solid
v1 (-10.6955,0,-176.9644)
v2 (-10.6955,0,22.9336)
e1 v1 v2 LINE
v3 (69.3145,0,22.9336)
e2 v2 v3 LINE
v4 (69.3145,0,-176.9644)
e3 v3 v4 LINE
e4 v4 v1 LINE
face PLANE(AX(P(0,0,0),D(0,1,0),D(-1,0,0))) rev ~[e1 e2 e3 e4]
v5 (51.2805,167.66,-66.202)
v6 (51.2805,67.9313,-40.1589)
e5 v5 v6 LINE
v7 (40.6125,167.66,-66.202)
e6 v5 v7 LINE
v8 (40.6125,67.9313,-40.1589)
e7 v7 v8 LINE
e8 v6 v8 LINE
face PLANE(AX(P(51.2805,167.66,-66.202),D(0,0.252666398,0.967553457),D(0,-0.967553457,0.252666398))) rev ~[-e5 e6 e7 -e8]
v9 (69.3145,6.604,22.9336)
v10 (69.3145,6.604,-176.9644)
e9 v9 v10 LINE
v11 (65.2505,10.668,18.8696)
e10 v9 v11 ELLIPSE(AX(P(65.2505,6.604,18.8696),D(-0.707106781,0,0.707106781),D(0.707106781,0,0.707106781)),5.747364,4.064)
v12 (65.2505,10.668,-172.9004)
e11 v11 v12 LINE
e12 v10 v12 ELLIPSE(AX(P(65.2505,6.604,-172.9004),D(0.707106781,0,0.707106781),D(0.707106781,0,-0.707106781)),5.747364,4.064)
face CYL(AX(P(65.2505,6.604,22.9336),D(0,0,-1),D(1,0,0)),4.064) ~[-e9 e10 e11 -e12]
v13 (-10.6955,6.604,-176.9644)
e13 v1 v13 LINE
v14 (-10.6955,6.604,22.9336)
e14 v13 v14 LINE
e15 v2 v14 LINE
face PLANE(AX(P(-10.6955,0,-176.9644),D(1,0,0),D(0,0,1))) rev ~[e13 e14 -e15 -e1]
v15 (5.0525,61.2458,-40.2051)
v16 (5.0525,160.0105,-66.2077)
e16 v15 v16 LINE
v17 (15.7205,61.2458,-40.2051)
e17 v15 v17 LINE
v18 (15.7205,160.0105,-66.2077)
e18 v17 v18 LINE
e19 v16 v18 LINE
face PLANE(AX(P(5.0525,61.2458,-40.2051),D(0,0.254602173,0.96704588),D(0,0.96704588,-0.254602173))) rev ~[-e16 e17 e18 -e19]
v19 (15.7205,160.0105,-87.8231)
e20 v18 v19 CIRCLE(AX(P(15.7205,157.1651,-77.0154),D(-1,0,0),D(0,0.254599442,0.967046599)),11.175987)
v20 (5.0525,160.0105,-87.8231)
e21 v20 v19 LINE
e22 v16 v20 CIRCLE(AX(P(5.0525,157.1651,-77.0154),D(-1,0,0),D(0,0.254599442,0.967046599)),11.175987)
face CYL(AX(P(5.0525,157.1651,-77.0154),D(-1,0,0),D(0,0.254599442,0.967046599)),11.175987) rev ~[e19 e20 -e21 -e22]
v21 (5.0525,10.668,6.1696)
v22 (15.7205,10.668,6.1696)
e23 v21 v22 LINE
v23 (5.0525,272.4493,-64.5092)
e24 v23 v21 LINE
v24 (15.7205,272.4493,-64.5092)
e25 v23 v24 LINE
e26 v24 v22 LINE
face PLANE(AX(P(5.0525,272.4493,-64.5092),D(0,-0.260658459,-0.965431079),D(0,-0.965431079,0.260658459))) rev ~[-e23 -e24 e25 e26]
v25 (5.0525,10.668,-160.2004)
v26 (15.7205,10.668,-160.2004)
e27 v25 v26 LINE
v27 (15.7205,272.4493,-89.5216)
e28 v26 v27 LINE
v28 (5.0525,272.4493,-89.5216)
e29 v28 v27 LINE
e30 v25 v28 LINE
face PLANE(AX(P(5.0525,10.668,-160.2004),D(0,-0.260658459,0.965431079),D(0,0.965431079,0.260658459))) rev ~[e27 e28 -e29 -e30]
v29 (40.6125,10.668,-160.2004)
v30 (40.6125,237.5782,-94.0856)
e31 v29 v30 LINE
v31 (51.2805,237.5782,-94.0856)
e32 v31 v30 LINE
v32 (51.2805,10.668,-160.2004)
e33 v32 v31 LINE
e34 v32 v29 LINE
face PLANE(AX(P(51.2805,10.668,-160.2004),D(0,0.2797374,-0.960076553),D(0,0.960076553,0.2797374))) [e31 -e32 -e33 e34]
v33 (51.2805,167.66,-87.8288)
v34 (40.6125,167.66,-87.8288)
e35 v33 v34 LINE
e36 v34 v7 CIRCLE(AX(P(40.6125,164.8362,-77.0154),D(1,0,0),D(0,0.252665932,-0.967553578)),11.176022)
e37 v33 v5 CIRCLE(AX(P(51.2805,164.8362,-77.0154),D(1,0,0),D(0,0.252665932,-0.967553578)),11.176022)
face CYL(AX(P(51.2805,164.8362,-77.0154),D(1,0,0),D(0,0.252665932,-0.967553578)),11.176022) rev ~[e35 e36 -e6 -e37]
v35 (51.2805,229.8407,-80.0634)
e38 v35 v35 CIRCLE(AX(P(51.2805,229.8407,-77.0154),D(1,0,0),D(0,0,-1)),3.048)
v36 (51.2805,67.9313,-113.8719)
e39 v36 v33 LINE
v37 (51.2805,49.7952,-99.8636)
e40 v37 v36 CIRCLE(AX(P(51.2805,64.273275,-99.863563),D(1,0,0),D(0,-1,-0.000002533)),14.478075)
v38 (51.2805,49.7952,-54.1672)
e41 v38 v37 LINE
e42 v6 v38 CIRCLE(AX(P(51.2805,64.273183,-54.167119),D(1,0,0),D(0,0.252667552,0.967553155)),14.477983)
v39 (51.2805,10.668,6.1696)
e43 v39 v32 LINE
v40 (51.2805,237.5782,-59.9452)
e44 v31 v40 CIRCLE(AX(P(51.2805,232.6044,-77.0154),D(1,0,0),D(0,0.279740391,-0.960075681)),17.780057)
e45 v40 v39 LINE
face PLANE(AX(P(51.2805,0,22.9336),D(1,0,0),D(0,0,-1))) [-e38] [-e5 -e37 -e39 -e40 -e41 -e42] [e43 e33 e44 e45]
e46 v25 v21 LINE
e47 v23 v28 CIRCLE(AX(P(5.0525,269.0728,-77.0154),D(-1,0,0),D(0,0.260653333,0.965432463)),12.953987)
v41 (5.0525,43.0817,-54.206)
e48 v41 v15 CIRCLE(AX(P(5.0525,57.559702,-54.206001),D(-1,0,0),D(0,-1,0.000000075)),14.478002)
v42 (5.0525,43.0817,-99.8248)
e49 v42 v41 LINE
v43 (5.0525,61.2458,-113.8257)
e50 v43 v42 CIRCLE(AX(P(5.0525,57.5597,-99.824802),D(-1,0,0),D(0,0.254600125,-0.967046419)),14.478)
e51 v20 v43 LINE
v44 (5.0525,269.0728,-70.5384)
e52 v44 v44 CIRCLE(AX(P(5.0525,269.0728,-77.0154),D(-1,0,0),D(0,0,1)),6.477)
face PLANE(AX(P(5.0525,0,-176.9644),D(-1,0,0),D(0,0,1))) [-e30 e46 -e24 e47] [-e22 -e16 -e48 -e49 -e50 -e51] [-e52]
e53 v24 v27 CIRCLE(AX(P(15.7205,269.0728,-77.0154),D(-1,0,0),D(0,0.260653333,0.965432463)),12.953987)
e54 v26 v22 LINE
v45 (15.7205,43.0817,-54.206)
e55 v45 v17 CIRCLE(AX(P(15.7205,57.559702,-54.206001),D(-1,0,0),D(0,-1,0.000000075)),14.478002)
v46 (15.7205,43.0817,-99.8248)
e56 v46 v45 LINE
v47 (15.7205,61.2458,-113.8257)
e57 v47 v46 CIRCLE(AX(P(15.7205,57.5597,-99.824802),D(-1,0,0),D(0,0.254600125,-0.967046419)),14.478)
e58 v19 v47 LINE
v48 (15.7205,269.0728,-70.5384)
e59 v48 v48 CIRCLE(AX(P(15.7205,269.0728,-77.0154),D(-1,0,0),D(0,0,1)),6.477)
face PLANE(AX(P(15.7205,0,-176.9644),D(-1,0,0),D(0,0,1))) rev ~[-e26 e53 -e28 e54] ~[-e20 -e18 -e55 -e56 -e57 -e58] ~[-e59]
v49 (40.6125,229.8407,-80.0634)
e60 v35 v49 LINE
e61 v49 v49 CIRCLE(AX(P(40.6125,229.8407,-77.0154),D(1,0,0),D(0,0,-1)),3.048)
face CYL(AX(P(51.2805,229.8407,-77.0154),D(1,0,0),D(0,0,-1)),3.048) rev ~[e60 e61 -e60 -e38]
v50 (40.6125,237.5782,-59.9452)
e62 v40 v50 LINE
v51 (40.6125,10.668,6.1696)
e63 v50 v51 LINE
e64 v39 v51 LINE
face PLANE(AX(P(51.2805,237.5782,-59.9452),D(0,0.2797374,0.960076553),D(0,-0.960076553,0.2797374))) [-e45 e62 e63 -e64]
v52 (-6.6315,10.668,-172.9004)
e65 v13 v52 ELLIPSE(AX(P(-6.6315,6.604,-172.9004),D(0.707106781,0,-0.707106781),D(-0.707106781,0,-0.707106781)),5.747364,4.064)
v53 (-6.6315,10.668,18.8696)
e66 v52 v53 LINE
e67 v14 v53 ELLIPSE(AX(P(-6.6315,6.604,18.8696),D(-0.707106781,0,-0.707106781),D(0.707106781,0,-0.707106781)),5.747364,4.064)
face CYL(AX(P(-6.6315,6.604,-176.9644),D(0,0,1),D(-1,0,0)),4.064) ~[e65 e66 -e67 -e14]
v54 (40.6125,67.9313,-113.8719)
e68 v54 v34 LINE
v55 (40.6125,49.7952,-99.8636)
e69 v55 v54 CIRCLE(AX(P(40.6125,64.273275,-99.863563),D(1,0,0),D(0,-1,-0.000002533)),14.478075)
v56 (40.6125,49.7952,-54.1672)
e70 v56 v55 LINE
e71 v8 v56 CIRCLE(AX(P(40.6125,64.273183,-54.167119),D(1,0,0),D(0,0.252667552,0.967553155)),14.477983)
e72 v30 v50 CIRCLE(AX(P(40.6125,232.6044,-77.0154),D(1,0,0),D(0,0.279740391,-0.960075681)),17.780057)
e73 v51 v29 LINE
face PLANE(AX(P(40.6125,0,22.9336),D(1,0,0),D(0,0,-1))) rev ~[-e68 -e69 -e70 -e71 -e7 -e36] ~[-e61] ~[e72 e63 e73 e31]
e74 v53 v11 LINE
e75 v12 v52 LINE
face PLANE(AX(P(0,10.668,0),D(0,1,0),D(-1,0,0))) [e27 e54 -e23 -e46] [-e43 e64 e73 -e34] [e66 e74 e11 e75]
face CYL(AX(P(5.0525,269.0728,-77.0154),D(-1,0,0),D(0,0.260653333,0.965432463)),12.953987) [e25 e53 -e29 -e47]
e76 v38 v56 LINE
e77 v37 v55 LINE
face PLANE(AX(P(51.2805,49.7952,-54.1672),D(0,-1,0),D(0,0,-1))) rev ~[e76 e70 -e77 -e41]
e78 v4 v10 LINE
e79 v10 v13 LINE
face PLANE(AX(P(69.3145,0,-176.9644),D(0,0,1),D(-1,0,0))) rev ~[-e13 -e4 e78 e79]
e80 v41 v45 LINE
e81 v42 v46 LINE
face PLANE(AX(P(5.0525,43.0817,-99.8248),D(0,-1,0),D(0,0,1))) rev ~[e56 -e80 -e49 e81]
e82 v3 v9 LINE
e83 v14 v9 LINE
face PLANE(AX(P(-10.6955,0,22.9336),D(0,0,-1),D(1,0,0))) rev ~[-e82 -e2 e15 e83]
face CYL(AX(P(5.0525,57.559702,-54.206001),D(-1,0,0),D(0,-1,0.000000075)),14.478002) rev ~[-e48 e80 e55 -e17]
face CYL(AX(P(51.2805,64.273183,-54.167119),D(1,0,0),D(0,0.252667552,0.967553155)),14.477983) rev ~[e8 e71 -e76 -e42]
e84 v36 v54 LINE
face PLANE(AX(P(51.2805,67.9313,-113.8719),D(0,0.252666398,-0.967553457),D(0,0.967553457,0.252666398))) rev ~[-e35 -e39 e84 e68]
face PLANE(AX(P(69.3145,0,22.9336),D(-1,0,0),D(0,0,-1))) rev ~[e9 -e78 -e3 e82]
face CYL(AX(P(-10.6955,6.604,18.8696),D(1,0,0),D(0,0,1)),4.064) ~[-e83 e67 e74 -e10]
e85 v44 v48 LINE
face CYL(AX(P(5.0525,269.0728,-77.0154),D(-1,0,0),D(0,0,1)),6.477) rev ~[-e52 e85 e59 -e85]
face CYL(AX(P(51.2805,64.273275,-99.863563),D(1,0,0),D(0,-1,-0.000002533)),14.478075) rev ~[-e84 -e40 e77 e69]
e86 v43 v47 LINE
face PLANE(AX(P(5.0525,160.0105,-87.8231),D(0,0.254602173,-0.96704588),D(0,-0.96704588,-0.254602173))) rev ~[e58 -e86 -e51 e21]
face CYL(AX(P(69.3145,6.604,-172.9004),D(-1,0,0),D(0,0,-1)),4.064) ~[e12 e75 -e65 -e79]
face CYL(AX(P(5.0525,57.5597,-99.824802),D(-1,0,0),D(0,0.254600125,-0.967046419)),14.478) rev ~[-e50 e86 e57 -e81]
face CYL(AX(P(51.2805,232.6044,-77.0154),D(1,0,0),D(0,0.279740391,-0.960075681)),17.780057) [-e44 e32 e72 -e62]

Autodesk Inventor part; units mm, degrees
ref_plane "YZ Plane" through (0, 0, 0) normal (1, 0, 0) x (0, 1, 0)
sketch "Sketch1" plane through (0, 0, 0) normal (0, 1, 0) x (-1, 0, 0)
  line L0 (10.6955, 22.9336) -> (-69.3145, 22.9336)
  line L1 (-69.3145, 22.9336) -> (-69.3145, -176.9644)
  line L2 (-69.3145, -176.9644) -> (10.6955, -176.9644)
  line L3 (10.6955, -176.9644) -> (10.6955, 22.9336)
  point P0 (0, 0)
  dimension "d0" = 80.01
  dimension "d1" = 199.898
extrude "Extrusion1" add sketch "Sketch1" along normal blind 10.668
fillet "Fillet1" radius 4.064 4 edges at (29.3095, 10.668, 22.9336) (69.3145, 10.668, -77.0154) (29.3095, 10.668, -176.9644) (-10.6955, 10.668, -77.0154)
ref_plane "Work Plane1" through (51.2805, 0, 22.9336) normal (1, 0, 0) x (0, 0, -1)
sketch "Sketch2" plane through (51.2805, 0, 22.9336) normal (1, 0, 0) x (0, 0, -1)
  line L0 (195.834, 10.668) -> (4.064, 10.668) construction
  line L1 (195.834, 10.668) -> (183.134, 10.668) construction
  arc A0 (4.064, 10.668) -> (0, 6.604) centre (4.064, 6.604) ccw construction
  line L2 (4.064, 10.668) -> (16.764, 10.668) construction
  line L3 (82.8788, 237.5782) -> (16.764, 10.668)
  line L4 (183.134, 10.668) -> (117.0192, 237.5782)
  line L5 (77.1008, 49.7952) -> (122.7972, 49.7952)
  line L6 (136.8055, 67.9313) -> (110.7624, 167.66)
  line L7 (89.1356, 167.66) -> (63.0925, 67.9313)
  arc A1 (117.0192, 237.5782) -> (82.8788, 237.5782) centre (99.949, 232.6044) ccw
  arc A2 (110.7624, 167.66) -> (89.1356, 167.66) centre (99.949, 164.8362) ccw
  arc A3 (63.0925, 67.9313) -> (77.1008, 49.7952) centre (77.1008, 64.2732) ccw
  arc A4 (122.7972, 49.7952) -> (136.8055, 67.9313) centre (122.7972, 64.2732) ccw
  line L8 (16.764, 10.668) -> (183.134, 10.668)
  point P0 (22.9336, 0)
  dimension "d6" = 12.7
  dimension "d7" = 12.7
  dimension "d9" = 17.78
  dimension "d10" = 11.176
  dimension "d11" = 14.478
extrude "Extrusion2" add sketch "Sketch2" against normal blind 10.668
sketch "Sketch3" plane through (51.2805, 0, 22.9336) normal (1, 0, 0) x (0, 0, -1)
  line L0 (16.764, 10.668) -> (183.134, 10.668) projected
  circle A0 centre (99.949, 229.8407) radius 3.048
  point P0 (22.9336, 0)
  dimension "d15" = 6.096
extrude "Extrusion3" cut sketch "Sketch3" against normal up to next
ref_plane "Work Plane2" through (5.0525, 0, -176.9644) normal (-1, 0, 0) x (0, 0, 1)
sketch "Sketch4" plane through (5.0525, 0, -176.9644) normal (-1, 0, 0) x (0, 0, 1)
  line L0 (16.764, 10.668) -> (183.134, 10.668) projected
  line L1 (117.0192, 237.5782) -> (183.134, 10.668) projected
  line L2 (16.764, 10.668) -> (183.134, 10.668)
  line L3 (16.764, 10.668) -> (87.4428, 272.4493)
  line L4 (112.4552, 272.4493) -> (183.134, 10.668)
  line L5 (16.764, 10.668) -> (183.134, 10.668)
  line L6 (77.1396, 43.0817) -> (122.7584, 43.0817)
  line L7 (136.7593, 61.2458) -> (110.7567, 160.0105)
  line L8 (89.1413, 160.0105) -> (63.1387, 61.2458)
  arc A0 (110.7567, 160.0105) -> (89.1413, 160.0105) centre (99.949, 157.1651) ccw
  arc A1 (63.1387, 61.2458) -> (77.1396, 43.0817) centre (77.1396, 57.5597) ccw
  arc A2 (122.7584, 43.0817) -> (136.7593, 61.2458) centre (122.7584, 57.5597) ccw
  line L9 (16.764, 10.668) -> (183.134, 10.668)
  arc A3 (112.4552, 272.4493) -> (87.4428, 272.4493) centre (99.949, 269.0728) ccw
  point P0 (176.9644, 0)
  point P1 (99.949, 318.77)
  point P2 (99.949, 201.0611)
  dimension "d21" = 11.176
  dimension "d22" = 14.478
  dimension "d25" = 12.954
extrude "Extrusion4" add sketch "Sketch4" against normal blind 10.668
sketch "Sketch5" plane through (5.0525, 0, -176.9644) normal (-1, 0, 0) x (0, 0, 1)
  arc A0 (112.4552, 272.4493) -> (87.4428, 272.4493) centre (99.949, 269.0728) ccw projected
  circle A1 centre (99.949, 269.0728) radius 6.477
  point P0 (176.9644, 0)
  dimension "d26" = 12.954
extrude "Extrusion5" cut sketch "Sketch5" against normal up to next
properties part number "Stand"
